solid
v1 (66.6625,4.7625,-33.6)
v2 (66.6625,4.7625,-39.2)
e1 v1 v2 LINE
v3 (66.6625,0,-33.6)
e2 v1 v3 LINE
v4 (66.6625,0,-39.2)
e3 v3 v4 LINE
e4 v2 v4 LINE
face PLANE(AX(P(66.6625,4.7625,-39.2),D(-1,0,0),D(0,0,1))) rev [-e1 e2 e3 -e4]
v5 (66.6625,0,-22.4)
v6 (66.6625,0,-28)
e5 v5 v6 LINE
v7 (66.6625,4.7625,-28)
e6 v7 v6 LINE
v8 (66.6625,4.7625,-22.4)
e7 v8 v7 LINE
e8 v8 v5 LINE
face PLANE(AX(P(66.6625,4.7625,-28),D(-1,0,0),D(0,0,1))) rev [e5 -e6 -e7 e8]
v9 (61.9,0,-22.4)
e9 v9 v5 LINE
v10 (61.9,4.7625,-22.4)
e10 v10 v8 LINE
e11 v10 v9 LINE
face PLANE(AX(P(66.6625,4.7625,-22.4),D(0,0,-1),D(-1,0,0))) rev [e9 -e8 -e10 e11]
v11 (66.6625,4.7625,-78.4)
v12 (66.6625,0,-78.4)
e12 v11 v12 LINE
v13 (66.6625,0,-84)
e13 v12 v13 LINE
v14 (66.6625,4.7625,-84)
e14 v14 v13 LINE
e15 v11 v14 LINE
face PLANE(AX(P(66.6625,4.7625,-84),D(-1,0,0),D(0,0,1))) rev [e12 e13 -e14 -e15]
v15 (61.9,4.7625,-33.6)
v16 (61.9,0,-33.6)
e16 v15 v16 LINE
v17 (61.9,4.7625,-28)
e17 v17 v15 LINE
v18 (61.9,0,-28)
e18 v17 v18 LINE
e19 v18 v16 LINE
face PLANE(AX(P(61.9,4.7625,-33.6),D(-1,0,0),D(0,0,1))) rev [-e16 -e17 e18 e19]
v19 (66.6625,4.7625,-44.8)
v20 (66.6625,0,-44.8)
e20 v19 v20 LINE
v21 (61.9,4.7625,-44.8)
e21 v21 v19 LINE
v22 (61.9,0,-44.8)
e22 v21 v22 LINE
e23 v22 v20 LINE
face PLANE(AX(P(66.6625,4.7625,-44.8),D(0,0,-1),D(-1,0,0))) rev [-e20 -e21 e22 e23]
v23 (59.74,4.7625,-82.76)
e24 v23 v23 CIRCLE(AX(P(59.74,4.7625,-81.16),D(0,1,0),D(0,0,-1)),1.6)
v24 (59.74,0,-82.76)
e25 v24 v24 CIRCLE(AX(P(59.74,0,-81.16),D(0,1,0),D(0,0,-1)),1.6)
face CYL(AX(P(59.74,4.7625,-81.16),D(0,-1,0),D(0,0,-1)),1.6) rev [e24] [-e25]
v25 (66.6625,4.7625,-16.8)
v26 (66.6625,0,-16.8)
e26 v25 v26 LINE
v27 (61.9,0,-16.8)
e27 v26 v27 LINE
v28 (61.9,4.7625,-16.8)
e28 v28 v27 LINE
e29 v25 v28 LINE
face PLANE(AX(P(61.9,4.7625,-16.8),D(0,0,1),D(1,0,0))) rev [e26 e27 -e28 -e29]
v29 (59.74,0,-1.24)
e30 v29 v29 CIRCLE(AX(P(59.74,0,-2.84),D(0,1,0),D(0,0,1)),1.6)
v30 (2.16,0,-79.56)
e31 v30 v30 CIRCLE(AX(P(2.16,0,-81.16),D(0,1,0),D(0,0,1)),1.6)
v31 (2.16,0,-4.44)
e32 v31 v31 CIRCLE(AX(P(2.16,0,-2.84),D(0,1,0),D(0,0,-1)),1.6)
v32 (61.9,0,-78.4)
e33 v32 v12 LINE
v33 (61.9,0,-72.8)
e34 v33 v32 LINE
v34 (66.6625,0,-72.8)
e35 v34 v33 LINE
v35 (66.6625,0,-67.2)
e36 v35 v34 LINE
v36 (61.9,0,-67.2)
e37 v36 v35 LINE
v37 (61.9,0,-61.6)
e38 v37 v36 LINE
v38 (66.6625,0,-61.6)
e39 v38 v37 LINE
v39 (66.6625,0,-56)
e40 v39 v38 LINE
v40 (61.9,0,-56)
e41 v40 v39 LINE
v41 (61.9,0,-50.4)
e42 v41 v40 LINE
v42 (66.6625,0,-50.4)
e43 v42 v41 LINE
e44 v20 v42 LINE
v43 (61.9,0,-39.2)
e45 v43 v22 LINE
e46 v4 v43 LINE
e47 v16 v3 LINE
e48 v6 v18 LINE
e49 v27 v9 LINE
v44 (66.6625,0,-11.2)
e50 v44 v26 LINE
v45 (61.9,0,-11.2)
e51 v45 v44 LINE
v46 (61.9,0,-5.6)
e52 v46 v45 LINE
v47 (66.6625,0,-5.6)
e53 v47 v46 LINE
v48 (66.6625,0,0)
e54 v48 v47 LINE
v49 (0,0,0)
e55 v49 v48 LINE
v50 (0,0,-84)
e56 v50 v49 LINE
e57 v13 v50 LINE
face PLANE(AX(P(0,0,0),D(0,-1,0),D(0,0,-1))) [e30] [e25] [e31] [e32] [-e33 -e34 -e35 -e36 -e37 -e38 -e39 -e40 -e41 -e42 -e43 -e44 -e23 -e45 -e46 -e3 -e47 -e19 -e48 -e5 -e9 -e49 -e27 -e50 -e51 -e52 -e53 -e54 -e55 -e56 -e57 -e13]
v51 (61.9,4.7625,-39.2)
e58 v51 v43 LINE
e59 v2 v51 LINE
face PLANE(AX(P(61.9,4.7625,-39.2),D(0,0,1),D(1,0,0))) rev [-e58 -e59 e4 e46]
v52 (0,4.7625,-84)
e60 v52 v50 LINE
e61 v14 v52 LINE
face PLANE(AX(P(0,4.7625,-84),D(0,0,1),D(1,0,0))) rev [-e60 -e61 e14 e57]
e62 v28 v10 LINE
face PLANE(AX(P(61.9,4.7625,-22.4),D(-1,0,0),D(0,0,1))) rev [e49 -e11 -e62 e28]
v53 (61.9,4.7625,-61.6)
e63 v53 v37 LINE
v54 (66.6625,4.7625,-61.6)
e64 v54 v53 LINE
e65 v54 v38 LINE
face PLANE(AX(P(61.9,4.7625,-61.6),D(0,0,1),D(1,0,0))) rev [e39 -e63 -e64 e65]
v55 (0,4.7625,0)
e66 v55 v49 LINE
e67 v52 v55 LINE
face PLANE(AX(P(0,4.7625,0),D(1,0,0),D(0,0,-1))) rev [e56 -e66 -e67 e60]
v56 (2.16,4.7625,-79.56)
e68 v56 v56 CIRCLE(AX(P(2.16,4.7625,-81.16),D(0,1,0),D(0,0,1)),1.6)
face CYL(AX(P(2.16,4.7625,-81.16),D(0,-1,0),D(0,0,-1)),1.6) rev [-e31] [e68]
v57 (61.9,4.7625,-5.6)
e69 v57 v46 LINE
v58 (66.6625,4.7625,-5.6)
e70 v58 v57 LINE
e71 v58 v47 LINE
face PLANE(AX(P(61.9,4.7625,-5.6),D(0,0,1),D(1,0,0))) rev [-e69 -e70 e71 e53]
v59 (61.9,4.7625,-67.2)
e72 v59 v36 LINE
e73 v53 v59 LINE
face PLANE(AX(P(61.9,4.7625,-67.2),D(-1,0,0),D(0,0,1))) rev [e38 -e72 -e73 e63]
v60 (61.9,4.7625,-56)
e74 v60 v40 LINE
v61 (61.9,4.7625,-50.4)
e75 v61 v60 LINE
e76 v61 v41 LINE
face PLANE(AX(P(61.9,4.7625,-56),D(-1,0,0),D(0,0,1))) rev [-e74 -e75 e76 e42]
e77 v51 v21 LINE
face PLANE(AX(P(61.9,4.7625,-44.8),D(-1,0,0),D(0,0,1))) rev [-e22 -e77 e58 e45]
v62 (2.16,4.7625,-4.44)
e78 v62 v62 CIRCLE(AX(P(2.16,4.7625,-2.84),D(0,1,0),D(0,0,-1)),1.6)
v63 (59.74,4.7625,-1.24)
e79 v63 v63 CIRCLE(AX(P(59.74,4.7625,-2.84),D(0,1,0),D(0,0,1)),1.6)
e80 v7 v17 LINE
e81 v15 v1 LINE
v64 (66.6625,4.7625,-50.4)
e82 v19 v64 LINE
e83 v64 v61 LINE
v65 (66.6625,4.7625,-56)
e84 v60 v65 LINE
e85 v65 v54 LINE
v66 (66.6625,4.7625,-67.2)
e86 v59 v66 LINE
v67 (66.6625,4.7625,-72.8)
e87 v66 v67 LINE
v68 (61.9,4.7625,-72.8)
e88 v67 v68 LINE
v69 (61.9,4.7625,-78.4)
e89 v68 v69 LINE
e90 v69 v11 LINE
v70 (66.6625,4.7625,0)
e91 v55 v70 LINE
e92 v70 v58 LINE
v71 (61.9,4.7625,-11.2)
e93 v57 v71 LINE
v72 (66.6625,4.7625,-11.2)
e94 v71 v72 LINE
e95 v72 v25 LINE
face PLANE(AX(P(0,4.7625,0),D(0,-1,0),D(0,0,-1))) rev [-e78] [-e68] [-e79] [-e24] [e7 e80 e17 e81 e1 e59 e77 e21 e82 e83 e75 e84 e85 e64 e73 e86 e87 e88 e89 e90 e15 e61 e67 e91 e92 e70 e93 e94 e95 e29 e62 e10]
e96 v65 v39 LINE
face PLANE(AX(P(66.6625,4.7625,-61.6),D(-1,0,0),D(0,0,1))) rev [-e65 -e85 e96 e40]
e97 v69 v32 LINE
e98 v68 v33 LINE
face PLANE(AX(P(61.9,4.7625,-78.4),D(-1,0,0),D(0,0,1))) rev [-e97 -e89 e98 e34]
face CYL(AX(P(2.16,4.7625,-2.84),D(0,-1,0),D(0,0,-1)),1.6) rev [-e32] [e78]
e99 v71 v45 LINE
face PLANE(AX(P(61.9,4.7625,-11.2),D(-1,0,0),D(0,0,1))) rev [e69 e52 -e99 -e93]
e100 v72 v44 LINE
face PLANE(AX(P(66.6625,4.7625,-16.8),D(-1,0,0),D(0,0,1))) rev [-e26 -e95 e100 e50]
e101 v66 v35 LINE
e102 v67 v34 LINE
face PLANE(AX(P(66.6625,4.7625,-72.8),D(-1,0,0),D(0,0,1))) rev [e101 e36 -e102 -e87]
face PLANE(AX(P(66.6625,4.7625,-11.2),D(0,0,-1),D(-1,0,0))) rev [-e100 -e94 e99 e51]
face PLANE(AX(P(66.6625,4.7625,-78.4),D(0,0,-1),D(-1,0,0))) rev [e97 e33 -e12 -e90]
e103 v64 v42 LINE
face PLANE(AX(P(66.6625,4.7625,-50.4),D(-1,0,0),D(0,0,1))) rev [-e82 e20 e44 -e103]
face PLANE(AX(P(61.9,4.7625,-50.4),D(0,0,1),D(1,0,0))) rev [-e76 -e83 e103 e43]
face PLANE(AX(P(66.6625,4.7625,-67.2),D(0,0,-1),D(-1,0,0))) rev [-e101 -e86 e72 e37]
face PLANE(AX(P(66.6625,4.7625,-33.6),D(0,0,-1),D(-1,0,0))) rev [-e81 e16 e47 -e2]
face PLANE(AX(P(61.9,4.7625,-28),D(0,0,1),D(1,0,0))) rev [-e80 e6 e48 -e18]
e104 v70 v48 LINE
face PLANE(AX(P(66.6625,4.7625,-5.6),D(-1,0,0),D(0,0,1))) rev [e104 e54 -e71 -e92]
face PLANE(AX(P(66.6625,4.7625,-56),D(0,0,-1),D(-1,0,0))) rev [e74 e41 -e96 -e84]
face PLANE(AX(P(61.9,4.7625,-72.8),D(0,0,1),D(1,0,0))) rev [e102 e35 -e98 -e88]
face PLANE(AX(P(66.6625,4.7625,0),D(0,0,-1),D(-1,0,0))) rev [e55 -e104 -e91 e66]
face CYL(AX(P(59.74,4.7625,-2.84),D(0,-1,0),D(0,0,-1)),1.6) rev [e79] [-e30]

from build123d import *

# Parameters (mm, degrees)
SKETCH1_R           = 1.6
BOSS_EXTRUDE1_DEPTH = 4.7625


with BuildPart() as part:
    # Sketch1 → Boss-Extrude1 (new body)
    with BuildSketch(Plane(origin=(0, 0, 0), x_dir=(1, 0, 0), z_dir=(0, 1, 0))):
        Polygon((0, 0), (61.9, 0), (66.6625, 0), (66.6625, 5.6), (61.9, 5.6), (61.9, 11.2), (66.6625, 11.2), (66.6625, 16.8), (61.9, 16.8), (61.9, 22.4), (66.6625, 22.4), (66.6625, 28), (61.9, 28), (61.9, 33.6), (66.6625, 33.6), (66.6625, 39.2), (61.9, 39.2), (61.9, 44.8), (66.6625, 44.8), (66.6625, 50.4), (61.9, 50.4), (61.9, 56), (66.6625, 56), (66.6625, 61.6), (61.9, 61.6), (61.9, 67.2), (66.6625, 67.2), (66.6625, 72.8), (61.9, 72.8), (61.9, 78.4), (66.6625, 78.4), (66.6625, 84), (61.9, 84), (0, 84), align=None)
        with Locations((2.16, 81.16)):
            Circle(SKETCH1_R, mode=Mode.SUBTRACT)
        with Locations((2.16, 2.84)):
            Circle(SKETCH1_R, mode=Mode.SUBTRACT)
        with Locations((59.74, 2.84)):
            Circle(SKETCH1_R, mode=Mode.SUBTRACT)
        with Locations((59.74, 81.16)):
            Circle(SKETCH1_R, mode=Mode.SUBTRACT)
    extrude(amount=BOSS_EXTRUDE1_DEPTH)


solid = part.part
